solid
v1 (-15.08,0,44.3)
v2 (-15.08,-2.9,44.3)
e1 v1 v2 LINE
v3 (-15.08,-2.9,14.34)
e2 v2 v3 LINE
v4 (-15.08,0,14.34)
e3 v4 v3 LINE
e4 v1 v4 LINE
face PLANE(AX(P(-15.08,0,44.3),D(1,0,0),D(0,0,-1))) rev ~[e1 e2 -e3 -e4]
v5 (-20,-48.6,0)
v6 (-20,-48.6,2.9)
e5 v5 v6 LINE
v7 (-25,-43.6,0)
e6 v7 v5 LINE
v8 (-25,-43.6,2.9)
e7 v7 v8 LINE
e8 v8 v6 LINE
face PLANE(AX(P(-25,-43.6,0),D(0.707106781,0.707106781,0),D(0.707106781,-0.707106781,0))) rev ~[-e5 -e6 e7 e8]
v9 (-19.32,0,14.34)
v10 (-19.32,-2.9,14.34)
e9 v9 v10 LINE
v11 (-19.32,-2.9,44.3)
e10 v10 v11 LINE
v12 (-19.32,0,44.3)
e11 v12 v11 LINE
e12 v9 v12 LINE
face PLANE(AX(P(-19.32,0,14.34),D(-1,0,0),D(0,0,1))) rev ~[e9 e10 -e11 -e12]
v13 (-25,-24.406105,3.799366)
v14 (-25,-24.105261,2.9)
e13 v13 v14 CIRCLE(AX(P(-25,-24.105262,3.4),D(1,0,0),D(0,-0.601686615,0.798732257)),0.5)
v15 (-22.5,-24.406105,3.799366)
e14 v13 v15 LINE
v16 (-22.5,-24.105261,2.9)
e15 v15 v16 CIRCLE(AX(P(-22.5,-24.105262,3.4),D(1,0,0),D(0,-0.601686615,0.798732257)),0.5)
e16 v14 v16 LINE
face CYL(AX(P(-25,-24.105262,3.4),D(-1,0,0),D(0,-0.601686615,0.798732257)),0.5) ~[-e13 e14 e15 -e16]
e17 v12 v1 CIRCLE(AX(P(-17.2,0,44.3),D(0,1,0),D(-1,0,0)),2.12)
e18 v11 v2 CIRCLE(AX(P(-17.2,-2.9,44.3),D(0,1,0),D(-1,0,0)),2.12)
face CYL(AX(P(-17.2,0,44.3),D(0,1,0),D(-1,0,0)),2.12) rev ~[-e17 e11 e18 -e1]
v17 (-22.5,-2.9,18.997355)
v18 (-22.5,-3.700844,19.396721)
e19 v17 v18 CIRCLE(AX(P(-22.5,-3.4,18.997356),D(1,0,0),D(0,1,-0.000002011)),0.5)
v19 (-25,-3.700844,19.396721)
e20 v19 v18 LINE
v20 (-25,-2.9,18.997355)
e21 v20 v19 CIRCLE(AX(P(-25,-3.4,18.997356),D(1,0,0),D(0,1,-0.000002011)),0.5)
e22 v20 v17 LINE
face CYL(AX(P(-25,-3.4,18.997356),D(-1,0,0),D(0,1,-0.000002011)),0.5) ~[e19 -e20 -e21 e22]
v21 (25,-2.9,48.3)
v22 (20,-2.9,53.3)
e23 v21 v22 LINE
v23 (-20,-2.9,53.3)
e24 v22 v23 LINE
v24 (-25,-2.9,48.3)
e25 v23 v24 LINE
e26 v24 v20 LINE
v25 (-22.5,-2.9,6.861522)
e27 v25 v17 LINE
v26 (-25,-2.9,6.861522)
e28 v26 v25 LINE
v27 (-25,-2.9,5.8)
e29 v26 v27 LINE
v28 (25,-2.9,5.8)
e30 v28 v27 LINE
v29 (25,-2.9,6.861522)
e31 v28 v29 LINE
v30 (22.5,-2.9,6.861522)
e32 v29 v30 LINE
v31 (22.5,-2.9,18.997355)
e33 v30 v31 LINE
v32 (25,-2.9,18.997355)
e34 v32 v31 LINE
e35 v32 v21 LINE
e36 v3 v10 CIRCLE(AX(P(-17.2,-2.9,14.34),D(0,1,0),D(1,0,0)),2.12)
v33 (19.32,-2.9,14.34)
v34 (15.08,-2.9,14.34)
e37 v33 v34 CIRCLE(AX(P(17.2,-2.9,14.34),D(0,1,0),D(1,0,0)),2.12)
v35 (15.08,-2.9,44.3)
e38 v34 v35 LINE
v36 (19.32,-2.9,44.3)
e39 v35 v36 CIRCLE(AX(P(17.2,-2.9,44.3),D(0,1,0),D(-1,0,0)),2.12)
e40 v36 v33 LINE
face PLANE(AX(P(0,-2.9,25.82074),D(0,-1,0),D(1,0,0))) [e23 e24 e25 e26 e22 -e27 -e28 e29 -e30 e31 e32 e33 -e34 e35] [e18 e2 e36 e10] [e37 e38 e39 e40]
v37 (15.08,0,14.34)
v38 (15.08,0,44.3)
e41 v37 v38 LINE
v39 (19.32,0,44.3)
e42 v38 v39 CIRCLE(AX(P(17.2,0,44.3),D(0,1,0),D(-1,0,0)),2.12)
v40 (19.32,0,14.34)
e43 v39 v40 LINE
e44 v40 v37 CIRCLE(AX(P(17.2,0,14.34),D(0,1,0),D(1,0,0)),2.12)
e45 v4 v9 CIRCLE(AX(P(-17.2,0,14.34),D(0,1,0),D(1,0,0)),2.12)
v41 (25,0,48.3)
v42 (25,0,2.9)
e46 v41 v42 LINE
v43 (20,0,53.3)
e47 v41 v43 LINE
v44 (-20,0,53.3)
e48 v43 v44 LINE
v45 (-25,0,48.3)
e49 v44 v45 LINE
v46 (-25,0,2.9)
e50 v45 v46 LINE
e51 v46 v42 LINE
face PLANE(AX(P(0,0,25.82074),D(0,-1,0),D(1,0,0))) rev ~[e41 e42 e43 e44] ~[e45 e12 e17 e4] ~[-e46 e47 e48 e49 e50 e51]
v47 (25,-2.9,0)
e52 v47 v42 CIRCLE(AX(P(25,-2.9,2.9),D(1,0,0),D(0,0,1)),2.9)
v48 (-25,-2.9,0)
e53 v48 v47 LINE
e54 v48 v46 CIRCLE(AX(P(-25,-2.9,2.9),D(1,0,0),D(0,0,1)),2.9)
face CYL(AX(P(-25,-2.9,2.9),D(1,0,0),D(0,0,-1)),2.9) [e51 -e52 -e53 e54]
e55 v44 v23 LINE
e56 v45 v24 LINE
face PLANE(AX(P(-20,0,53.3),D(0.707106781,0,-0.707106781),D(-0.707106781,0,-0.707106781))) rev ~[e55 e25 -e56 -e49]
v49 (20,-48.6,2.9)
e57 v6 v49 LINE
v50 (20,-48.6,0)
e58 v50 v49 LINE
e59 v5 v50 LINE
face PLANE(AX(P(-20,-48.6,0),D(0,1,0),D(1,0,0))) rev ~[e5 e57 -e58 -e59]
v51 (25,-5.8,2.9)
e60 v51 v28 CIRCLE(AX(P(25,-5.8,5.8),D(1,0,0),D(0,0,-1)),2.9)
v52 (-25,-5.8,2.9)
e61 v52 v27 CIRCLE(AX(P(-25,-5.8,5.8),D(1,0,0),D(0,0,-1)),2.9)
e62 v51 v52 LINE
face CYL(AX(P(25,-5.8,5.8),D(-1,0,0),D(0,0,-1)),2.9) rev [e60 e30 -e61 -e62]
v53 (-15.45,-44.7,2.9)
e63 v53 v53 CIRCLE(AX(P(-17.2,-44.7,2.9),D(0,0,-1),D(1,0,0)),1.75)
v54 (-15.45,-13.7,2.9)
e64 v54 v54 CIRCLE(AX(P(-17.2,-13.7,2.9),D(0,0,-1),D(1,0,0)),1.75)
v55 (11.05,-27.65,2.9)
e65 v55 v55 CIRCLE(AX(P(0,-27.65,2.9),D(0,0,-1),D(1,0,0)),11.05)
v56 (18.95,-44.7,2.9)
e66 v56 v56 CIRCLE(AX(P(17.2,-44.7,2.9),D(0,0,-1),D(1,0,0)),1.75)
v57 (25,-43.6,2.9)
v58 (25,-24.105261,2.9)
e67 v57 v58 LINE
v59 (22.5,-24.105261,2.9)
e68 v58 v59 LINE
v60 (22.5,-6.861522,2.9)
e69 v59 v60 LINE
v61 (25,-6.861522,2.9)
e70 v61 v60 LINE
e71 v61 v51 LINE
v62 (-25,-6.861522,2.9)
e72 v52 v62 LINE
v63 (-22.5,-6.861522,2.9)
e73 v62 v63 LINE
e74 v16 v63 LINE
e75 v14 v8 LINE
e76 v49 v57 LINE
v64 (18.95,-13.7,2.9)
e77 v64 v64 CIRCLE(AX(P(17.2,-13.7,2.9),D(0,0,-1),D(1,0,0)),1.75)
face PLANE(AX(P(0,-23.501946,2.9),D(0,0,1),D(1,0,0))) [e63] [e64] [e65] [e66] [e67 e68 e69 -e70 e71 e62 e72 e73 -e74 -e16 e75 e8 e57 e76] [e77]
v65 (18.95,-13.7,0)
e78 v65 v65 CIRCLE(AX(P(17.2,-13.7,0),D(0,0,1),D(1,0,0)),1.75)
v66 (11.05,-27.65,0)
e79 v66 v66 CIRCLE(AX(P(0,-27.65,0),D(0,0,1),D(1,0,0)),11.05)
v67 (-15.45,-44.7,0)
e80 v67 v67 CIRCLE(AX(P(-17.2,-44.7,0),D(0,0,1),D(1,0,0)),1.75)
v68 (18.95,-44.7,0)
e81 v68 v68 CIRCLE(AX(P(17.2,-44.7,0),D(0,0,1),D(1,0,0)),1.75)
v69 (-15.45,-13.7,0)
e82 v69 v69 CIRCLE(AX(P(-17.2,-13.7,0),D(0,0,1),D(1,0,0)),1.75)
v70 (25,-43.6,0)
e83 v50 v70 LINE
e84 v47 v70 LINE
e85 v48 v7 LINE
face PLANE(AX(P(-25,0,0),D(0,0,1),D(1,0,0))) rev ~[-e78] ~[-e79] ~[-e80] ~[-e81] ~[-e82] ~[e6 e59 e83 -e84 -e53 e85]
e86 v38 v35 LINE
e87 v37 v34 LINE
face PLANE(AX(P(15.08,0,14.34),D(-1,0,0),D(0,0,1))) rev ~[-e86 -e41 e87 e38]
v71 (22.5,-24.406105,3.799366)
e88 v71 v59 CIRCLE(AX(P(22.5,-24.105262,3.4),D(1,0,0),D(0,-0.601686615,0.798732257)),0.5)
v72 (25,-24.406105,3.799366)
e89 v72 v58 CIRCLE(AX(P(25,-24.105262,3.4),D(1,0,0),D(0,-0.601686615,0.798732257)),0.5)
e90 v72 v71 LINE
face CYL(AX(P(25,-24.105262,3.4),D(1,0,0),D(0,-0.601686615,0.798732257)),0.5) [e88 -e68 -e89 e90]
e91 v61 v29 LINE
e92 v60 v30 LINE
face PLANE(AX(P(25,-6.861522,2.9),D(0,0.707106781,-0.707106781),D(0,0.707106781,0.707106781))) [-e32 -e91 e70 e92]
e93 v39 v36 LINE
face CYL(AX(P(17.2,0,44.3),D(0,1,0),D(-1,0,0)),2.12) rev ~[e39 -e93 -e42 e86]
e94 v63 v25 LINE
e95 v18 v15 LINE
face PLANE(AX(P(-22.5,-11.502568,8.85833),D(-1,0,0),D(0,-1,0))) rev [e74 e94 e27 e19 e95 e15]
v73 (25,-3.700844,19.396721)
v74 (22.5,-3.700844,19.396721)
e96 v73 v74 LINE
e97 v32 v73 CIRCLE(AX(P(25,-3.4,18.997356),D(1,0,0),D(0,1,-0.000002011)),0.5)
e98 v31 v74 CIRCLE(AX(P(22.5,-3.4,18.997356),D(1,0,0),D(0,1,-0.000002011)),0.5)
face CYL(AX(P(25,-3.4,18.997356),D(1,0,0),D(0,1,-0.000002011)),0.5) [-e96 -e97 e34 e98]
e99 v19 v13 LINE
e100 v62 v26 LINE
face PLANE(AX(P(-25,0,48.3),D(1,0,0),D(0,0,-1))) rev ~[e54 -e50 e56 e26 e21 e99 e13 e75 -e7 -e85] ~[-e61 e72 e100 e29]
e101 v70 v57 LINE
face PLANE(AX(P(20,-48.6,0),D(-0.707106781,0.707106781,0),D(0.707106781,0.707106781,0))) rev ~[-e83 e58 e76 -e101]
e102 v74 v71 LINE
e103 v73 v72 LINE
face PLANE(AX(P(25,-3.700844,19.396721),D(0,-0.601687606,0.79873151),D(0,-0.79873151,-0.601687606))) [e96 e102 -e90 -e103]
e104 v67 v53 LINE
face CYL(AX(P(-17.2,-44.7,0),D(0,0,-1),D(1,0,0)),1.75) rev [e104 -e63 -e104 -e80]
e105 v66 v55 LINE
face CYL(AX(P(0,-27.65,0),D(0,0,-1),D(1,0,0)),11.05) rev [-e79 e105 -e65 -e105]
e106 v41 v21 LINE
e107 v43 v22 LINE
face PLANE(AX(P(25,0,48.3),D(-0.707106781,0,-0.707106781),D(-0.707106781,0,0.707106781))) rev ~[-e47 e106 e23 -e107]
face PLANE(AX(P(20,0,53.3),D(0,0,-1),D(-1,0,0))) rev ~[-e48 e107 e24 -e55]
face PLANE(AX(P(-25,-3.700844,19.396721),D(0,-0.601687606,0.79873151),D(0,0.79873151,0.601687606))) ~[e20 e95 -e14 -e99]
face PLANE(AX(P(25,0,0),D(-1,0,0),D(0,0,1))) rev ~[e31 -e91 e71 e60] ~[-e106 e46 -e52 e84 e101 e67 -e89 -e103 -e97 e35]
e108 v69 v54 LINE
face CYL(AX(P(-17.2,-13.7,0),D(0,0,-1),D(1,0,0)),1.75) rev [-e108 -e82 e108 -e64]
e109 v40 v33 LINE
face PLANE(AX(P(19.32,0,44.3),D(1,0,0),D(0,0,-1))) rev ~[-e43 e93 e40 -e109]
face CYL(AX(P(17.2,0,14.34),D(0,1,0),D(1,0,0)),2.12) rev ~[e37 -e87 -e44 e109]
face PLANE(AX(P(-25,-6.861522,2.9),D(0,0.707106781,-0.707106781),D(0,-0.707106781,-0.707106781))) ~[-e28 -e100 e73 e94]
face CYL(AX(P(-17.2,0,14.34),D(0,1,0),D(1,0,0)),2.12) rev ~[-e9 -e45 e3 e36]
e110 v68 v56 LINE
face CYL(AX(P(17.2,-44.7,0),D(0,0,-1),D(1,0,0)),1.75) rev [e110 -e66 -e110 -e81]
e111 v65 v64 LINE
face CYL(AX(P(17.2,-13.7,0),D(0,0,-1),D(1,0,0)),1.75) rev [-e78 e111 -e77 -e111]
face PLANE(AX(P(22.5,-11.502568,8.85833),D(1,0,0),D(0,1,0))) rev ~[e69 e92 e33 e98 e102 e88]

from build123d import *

# Parameters (mm, degrees)
F1_DEPTH = 2.9
F2_R     = 1.75
F2_R_2   = 11.05
F3_DEPTH = 2.9
F4_R     = 2.9
F7_DEPTH = 2.5


with BuildPart() as f1:
    # F0 (on Front) → F1 (new body)
    with BuildSketch(Plane.XZ):
        Polygon((-25, 48.3), (-25, 0), (25, 0), (25, 48.3), (20, 53.3), (-20, 53.3), align=None)
        with BuildLine():
            ThreePointArc((-19.32, 44.3), (-17.2, 46.42), (-15.08, 44.3))
            Line((-15.08, 44.3), (-15.08, 14.34))
            ThreePointArc((-15.08, 14.34), (-17.2, 12.22), (-19.32, 14.34))
            Line((-19.32, 14.34), (-19.32, 44.3))
        make_face(mode=Mode.SUBTRACT)
        with BuildLine():
            ThreePointArc((15.08, 44.3), (17.2, 46.42), (19.32, 44.3))
            Line((19.32, 44.3), (19.32, 14.34))
            ThreePointArc((19.32, 14.34), (17.2, 12.22), (15.08, 14.34))
            Line((15.08, 14.34), (15.08, 44.3))
        make_face(mode=Mode.SUBTRACT)
    extrude(amount=F1_DEPTH)

    # F2 (on Top) → F3 (join)
    with BuildSketch(Plane.XY):
        Polygon((25, 0), (-25, 0), (-25, -43.6), (-20, -48.6), (20, -48.6), (25, -43.6), align=None)
        with Locations((-17.2, -44.7)):
            Circle(F2_R, mode=Mode.SUBTRACT)
        with Locations((17.2, -44.7)):
            Circle(F2_R, mode=Mode.SUBTRACT)
        with Locations((0, -27.65)):
            Circle(F2_R_2, mode=Mode.SUBTRACT)
        with Locations((-17.2, -13.7)):
            Circle(F2_R, mode=Mode.SUBTRACT)
        with Locations((17.2, -13.7)):
            Circle(F2_R, mode=Mode.SUBTRACT)
    extrude(amount=F3_DEPTH)

    # F4
    f4_edges = [f1.edges().sort_by_distance(p)[0] for p in [
        (0, -2.9, 2.9),
        (0, 0, 0),
    ]]
    fillet(f4_edges, radius=F4_R)

    # F6 (on offset) → F7 (join)
    with BuildSketch(Plane.YZ.offset(25)):
        with BuildLine():
            Line((-3.700844, 19.396721), (-24.406105, 3.799366))
            ThreePointArc((-24.406105, 3.799366), (-24.579436, 3.241385), (-24.105261, 2.9))
            Line((-24.105261, 2.9), (-6.861522, 2.9))
            Line((-6.861522, 2.9), (-2.9, 6.861522))
            Line((-2.9, 6.861522), (-2.9, 18.997355))
            ThreePointArc((-2.9, 18.997355), (-3.176865, 19.444805), (-3.700844, 19.396721))
        make_face()
    extrude(amount=-F7_DEPTH)

    # F8: F1 across plane


with BuildPart() as f1_1:
    add(f1.part)
    add(f1.part.mirror(Plane.YZ))


solid = f1_1.part
